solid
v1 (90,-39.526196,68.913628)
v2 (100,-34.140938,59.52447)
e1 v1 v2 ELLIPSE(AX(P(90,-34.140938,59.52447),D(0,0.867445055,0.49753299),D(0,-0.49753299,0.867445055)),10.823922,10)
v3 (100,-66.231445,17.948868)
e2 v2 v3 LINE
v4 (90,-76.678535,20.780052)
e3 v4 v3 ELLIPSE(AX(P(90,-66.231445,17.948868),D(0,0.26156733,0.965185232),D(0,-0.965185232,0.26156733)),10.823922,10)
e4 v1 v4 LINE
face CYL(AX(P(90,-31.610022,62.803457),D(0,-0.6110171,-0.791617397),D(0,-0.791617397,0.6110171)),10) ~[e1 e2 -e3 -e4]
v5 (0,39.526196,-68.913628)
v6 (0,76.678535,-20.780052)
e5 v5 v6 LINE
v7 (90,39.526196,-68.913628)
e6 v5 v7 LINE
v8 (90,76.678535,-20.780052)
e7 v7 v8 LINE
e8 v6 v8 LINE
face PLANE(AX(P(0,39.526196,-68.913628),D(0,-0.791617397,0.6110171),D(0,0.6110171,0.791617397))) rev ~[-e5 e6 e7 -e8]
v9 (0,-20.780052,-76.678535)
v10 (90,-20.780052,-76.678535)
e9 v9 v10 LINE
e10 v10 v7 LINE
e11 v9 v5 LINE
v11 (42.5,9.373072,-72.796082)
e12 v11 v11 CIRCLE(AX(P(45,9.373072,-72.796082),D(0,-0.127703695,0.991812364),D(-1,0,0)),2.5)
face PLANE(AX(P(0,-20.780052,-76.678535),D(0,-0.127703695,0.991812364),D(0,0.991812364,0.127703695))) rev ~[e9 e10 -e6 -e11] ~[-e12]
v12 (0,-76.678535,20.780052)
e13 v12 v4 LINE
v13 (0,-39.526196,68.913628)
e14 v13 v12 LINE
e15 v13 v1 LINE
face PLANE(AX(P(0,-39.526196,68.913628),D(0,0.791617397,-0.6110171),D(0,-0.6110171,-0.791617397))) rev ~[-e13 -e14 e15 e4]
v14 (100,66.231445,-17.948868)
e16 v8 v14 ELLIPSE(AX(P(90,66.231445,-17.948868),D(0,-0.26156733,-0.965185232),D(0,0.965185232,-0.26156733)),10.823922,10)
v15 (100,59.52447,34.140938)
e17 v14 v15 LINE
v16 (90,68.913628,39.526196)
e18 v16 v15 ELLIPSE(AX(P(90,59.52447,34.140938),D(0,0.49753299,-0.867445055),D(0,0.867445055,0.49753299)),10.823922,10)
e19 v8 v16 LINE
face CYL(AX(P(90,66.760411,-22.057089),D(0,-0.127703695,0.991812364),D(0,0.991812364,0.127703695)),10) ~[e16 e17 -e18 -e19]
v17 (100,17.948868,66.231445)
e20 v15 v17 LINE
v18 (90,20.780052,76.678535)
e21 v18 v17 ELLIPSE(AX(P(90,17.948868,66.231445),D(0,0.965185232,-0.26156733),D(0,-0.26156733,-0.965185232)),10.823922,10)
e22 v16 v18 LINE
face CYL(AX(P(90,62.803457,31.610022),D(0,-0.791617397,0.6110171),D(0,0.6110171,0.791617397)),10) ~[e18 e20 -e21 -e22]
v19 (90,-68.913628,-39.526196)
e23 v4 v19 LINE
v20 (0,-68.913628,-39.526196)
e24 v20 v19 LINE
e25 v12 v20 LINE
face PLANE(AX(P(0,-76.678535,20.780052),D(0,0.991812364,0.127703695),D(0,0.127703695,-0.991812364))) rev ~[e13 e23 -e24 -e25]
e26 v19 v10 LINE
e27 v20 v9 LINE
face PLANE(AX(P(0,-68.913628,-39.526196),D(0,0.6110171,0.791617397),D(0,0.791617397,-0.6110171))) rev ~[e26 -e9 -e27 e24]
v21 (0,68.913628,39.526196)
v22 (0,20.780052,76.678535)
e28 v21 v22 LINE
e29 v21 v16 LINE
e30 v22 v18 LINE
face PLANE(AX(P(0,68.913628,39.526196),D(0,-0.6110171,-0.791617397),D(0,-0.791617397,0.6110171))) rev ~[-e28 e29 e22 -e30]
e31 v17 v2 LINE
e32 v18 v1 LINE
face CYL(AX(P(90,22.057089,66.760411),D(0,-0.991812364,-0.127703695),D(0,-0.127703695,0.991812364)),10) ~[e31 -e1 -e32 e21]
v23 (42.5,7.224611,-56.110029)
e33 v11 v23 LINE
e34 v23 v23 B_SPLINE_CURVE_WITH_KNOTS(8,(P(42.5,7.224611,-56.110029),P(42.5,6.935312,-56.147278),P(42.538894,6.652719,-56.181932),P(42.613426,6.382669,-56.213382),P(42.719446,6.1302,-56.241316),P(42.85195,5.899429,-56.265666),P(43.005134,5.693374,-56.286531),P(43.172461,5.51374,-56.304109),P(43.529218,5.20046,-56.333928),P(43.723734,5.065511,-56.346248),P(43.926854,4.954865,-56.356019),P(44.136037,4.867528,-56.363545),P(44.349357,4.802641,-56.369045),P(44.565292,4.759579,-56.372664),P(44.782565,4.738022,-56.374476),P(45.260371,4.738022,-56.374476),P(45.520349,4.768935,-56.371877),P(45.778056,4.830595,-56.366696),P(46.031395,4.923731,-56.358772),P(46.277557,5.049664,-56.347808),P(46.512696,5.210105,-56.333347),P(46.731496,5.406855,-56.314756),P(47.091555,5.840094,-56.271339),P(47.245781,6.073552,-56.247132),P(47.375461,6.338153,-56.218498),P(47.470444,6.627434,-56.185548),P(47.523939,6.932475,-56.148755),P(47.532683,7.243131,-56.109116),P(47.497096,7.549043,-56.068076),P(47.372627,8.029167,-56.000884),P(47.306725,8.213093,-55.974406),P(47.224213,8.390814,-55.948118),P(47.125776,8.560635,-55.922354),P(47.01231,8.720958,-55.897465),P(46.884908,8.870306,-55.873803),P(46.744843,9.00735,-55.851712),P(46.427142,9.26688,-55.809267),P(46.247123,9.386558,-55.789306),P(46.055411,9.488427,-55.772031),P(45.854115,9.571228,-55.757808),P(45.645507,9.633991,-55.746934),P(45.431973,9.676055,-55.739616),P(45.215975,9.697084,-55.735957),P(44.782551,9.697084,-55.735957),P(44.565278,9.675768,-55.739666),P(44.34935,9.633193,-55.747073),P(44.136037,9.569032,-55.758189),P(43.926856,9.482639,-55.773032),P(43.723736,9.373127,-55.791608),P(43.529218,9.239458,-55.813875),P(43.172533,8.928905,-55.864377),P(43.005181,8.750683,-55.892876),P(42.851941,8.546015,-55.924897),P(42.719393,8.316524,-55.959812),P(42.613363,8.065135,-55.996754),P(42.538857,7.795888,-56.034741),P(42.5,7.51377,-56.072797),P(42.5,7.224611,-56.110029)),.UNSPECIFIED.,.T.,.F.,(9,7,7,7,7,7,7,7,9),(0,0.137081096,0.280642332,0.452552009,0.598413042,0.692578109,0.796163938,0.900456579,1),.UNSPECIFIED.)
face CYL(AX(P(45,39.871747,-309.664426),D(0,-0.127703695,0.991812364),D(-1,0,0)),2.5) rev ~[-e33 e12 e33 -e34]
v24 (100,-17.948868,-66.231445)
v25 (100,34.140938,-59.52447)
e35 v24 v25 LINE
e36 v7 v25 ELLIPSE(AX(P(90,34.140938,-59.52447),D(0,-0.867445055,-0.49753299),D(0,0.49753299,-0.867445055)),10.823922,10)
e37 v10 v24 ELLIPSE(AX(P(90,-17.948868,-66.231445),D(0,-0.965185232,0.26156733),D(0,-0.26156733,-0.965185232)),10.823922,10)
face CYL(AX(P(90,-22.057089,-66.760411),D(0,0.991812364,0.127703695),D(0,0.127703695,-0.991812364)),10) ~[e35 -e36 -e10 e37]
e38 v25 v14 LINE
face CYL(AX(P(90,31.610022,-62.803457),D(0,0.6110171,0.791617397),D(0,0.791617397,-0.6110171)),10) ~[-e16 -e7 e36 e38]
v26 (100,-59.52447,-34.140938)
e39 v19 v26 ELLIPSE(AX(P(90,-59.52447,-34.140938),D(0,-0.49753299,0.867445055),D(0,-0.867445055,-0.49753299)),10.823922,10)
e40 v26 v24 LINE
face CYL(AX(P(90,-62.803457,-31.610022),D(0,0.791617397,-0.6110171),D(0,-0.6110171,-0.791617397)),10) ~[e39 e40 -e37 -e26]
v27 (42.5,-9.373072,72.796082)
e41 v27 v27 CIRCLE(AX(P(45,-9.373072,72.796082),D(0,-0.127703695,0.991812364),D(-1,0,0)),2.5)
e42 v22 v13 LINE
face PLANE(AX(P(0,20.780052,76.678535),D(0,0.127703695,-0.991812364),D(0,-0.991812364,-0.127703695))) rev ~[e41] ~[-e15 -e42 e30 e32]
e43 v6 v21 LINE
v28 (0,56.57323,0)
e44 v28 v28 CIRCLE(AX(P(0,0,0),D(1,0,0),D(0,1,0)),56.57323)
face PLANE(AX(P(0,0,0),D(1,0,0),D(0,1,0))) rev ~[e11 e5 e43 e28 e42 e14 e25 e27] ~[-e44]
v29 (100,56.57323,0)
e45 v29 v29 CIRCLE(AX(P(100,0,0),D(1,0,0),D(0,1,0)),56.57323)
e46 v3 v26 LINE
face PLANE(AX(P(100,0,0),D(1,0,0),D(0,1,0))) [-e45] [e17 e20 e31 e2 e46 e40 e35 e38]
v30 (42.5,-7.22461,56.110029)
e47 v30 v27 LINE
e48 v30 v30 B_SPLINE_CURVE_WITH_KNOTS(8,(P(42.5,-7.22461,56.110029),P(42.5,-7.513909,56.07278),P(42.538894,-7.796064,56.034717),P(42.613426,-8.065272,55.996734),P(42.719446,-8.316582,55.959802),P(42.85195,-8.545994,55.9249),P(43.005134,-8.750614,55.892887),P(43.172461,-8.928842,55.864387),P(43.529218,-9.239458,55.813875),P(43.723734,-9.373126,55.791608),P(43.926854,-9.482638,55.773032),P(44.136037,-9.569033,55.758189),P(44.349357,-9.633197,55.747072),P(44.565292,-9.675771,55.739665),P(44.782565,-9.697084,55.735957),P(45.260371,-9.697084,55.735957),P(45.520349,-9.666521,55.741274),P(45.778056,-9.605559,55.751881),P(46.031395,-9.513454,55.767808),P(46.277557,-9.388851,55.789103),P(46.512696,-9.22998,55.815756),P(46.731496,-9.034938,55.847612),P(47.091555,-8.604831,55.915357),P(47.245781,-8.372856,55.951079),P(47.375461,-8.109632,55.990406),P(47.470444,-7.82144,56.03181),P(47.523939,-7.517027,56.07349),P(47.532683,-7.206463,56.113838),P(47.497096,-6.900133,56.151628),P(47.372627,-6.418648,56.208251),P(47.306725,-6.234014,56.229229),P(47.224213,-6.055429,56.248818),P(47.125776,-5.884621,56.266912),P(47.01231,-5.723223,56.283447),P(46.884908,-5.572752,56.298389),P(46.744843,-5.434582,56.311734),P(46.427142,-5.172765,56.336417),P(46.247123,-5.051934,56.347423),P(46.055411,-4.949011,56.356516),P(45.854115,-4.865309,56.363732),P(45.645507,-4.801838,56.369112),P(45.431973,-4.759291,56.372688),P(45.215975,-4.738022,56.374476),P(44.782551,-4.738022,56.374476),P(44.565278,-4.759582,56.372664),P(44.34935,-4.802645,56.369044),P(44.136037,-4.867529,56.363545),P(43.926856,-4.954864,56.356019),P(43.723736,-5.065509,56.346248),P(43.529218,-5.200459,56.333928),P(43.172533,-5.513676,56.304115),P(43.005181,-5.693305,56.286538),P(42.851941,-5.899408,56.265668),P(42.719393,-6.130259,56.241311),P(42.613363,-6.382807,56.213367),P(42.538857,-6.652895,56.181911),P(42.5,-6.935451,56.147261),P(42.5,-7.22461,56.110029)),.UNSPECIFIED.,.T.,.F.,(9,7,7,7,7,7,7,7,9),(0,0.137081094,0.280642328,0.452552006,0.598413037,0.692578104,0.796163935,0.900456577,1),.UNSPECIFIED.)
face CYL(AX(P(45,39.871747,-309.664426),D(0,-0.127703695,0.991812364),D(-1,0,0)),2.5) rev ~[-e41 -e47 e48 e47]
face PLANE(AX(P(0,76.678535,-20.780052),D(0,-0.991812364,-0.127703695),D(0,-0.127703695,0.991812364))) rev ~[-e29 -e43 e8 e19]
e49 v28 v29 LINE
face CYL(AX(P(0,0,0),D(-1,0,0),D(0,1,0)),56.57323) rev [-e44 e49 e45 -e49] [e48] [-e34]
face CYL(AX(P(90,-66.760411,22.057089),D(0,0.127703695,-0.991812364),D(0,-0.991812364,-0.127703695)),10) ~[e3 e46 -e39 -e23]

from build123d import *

# Parameters (mm, degrees)
F0_R     = 56.5732299852
F1_DEPTH = 100
F2_R     = 10
F4_D     = 5


with BuildPart() as f1:
    # F0 (on Right) → F1 (new body)
    with BuildSketch(Plane.YZ):
        Polygon((39.5261961416, -68.9136280333), (76.6785350248, -20.7800523723), (68.9136280333, 39.5261961416), (20.7800523723, 76.6785350248), (-39.5261961416, 68.9136280333), (-76.6785350248, 20.7800523723), (-68.9136280333, -39.5261961416), (-20.7800523723, -76.6785350248), align=None)
        Circle(F0_R, mode=Mode.SUBTRACT)
    extrude(amount=F1_DEPTH)

    # F2
    f2_edges = [f1.edges().sort_by_distance(p)[0] for p in [
        (100, -9.373072, 72.796082),
        (100, -58.102366, 44.84684),
        (100, -72.796082, -9.373072),
        (100, -44.84684, -58.102366),
        (100, 9.373072, -72.796082),
        (100, 58.102366, -44.84684),
        (100, 72.796082, 9.373072),
        (100, 44.84684, 58.102366),
    ]]
    fillet(f2_edges, radius=F2_R)

    # F4 (through all)
    with Locations(Plane(origin=(0, 9.3730718847, -72.796081529), x_dir=(1, 0, 0), z_dir=(0, 0.1277036949, -0.9918123645))):
        with Locations((45, 0)):
            Hole(F4_D / 2)


solid = f1.part
